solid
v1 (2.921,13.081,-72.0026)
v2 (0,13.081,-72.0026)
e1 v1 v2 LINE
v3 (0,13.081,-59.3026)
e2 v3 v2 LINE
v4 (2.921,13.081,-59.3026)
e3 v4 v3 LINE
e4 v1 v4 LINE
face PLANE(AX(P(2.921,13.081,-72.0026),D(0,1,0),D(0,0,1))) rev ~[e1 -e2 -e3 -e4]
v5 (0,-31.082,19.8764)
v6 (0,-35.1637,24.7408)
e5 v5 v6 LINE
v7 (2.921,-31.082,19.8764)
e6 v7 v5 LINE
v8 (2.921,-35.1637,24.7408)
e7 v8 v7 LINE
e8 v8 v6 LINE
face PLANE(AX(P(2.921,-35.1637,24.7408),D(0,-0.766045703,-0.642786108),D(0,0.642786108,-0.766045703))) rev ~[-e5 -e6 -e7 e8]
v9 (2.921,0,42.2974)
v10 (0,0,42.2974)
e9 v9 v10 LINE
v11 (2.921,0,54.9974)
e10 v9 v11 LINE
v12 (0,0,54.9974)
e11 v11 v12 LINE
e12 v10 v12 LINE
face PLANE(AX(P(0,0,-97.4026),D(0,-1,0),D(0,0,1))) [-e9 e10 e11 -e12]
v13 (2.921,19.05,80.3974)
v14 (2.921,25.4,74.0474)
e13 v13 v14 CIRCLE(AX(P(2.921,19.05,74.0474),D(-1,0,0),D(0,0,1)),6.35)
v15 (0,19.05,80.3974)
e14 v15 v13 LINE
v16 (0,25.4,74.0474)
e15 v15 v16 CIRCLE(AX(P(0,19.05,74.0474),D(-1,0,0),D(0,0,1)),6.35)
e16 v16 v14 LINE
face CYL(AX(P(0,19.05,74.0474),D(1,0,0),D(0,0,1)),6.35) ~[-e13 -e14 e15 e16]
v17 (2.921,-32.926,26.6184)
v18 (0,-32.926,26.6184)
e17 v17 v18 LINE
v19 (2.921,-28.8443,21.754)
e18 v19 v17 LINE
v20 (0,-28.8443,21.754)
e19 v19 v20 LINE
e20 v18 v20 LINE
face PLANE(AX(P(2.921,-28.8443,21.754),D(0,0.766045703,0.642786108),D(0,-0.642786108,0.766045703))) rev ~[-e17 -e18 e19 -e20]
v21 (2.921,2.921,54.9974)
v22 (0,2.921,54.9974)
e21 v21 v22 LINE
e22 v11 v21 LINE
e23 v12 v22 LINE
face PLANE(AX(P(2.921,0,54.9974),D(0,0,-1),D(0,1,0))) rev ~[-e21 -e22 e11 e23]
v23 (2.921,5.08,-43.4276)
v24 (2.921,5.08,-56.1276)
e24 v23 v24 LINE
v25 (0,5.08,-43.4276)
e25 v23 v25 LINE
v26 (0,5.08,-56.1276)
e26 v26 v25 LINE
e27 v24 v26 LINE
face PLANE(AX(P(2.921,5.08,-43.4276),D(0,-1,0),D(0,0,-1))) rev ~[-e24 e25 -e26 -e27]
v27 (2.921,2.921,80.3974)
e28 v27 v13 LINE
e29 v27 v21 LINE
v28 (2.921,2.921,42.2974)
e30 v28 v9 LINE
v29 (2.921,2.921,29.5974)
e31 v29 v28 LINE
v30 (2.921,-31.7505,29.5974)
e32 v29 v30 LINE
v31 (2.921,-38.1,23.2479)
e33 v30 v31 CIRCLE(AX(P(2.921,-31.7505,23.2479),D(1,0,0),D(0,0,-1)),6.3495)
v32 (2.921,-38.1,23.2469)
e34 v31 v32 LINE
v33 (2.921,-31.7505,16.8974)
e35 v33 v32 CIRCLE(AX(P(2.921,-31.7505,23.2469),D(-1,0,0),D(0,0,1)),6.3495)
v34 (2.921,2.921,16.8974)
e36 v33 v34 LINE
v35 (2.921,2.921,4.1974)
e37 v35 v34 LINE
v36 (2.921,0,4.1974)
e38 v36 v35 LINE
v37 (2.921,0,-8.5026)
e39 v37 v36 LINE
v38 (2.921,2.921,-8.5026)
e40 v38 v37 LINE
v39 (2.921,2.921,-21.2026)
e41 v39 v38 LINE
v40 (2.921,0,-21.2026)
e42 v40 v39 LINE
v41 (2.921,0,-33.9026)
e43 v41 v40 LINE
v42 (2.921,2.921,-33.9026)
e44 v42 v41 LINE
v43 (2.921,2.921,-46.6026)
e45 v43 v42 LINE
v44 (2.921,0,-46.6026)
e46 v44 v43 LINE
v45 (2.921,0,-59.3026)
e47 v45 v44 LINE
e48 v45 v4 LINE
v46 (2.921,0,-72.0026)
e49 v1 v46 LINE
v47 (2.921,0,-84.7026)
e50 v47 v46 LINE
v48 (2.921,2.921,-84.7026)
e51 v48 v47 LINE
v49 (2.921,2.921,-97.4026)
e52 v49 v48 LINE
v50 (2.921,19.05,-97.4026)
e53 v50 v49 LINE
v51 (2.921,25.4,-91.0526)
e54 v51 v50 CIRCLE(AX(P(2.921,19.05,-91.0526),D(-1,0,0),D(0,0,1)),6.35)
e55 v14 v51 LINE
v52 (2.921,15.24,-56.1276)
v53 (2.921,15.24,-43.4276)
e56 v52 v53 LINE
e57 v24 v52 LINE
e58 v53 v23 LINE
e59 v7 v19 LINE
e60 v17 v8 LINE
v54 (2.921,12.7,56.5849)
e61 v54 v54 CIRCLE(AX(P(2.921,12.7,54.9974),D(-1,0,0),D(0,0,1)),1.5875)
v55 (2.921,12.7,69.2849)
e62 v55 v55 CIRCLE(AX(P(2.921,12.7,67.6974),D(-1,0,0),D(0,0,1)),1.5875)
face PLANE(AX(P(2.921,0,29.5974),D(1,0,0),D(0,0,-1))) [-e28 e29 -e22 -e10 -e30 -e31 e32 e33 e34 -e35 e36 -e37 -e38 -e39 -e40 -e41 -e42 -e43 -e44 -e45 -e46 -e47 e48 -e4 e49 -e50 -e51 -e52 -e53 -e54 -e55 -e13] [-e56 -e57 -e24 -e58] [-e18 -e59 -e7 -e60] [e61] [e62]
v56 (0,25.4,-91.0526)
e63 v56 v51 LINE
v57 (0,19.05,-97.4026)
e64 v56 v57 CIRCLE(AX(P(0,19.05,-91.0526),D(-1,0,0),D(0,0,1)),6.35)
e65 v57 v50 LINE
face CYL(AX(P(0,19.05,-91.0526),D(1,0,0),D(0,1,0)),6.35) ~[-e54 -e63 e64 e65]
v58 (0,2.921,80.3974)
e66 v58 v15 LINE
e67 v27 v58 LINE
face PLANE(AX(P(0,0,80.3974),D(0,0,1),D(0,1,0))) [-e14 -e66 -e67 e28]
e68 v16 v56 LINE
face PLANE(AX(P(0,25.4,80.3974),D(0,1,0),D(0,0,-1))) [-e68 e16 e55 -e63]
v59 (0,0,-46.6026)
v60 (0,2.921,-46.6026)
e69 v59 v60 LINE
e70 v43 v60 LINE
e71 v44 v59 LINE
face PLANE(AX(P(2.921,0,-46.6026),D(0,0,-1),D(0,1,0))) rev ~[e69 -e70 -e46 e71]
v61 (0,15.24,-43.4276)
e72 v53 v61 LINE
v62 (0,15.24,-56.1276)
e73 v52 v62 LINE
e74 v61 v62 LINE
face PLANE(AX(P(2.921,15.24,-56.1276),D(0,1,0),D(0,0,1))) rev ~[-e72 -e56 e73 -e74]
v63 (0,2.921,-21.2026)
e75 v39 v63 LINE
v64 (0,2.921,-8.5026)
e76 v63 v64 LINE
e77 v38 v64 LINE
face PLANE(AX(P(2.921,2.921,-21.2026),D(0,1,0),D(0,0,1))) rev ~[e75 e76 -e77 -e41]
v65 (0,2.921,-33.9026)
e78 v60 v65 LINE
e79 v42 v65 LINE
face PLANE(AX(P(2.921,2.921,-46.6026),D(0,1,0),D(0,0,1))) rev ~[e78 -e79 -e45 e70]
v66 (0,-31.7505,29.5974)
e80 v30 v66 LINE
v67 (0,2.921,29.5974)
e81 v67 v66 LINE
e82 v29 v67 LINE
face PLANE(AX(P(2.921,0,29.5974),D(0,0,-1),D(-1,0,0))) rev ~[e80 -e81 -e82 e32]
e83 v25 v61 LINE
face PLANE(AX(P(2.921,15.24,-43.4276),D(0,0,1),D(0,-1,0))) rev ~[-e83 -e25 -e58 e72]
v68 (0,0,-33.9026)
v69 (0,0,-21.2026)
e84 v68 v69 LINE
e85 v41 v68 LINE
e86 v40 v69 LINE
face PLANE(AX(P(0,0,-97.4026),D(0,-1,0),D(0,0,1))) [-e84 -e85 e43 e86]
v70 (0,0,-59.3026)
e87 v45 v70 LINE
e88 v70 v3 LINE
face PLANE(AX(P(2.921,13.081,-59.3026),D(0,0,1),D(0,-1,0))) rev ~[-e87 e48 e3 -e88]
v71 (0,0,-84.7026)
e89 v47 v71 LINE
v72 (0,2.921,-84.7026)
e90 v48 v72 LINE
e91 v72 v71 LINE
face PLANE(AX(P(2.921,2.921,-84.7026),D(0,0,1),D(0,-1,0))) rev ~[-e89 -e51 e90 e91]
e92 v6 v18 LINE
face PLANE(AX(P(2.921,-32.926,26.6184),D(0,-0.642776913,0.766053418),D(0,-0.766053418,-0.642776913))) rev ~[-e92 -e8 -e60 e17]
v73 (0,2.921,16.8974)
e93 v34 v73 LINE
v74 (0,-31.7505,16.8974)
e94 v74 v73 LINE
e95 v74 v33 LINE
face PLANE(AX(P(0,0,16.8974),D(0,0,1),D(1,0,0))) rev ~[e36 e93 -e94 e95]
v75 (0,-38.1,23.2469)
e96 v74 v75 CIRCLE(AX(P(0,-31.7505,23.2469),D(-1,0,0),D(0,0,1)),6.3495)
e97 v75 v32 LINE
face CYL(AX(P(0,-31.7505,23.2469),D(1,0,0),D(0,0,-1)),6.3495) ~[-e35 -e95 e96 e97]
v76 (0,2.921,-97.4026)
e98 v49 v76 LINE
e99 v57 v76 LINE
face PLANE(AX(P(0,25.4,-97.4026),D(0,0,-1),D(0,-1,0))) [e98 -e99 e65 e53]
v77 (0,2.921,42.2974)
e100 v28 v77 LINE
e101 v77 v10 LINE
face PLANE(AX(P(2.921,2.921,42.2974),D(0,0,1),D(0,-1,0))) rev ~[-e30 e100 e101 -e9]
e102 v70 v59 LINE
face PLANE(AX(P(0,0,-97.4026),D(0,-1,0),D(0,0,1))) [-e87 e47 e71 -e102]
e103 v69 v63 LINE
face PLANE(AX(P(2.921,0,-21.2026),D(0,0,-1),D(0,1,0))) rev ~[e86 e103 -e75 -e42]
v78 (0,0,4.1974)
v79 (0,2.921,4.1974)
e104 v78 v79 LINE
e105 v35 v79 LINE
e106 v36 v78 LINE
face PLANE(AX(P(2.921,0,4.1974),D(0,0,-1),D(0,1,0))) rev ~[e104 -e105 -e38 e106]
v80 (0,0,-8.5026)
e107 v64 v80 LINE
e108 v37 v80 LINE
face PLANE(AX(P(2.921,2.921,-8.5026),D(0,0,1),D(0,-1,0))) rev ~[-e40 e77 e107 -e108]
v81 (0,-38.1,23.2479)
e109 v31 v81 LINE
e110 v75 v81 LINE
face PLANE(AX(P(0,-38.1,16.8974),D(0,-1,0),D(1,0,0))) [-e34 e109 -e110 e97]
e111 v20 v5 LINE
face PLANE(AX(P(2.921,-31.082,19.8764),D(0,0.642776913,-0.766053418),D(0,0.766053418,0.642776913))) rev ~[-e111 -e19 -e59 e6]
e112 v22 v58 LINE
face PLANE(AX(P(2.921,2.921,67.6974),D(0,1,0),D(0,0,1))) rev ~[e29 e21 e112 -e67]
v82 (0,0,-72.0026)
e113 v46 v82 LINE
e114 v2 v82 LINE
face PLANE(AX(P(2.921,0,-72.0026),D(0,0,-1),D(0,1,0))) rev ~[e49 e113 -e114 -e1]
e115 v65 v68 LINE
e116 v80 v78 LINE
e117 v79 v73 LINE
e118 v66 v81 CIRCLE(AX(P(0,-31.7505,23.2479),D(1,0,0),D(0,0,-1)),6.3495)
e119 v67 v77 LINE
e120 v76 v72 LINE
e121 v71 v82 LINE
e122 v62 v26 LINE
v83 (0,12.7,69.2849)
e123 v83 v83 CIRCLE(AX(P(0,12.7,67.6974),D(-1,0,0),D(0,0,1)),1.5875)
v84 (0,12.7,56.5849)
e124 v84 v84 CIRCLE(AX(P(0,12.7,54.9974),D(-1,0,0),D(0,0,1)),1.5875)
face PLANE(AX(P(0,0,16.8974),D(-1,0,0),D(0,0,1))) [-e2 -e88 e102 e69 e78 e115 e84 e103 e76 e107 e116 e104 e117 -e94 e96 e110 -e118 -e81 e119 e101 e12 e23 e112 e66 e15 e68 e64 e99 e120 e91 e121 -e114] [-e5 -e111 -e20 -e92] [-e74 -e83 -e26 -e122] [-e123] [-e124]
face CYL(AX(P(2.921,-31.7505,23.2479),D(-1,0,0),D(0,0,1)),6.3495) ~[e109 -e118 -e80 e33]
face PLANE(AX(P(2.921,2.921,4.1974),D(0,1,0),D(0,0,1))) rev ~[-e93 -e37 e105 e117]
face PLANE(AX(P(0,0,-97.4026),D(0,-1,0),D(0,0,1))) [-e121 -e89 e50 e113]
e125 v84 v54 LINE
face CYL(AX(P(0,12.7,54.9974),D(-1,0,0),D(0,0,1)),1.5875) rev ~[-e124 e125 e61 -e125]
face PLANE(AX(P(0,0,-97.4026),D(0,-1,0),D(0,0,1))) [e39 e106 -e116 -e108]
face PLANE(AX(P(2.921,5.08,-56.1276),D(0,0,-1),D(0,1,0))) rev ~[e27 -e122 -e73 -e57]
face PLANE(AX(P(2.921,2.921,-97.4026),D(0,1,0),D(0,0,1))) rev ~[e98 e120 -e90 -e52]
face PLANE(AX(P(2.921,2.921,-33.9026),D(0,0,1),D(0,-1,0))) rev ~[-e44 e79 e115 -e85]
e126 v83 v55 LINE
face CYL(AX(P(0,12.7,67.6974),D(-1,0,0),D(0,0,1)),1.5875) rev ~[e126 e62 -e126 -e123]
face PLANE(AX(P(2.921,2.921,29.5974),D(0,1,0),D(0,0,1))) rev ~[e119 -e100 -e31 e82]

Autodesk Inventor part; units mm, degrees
ref_plane "YZ Plane" through (0, 0, 0) normal (1, 0, 0) x (0, 1, 0)
ref_plane "XZ Plane" through (0, 0, 0) normal (0, 1, 0) x (-1, 0, 0)
ref_plane "XY Plane" through (0, 0, 0) normal (0, 0, 1) x (1, 0, 0)
sketch "Sketch1" plane through (0, 0, 0) normal (1, 0, 0) x (0, 1, 0)
  line L0 (0, 80.3974) -> (25.4, 80.3974)
  line L1 (25.4, 80.3974) -> (25.4, -97.4026)
  line L2 (25.4, -97.4026) -> (0, -97.4026)
  line L3 (0, -97.4026) -> (0, 80.3974)
  point P0 (0, 0)
  dimension "d0" = 177.8
  dimension "d1" = 25.4
  dimension "d2" = 0
extrude "Extrusion1" add sketch "Sketch1" along normal blind 2.921
sketch "Sketch2" plane through (2.921, 0, 0) normal (1, 0, 0) x (0, 0, -1)
  line L0 (-80.3974, 0) -> (97.4026, 0) projected
  line L1 (-67.6974, 0) -> (-54.9974, 0)
  line L2 (-54.9974, 0) -> (-54.9974, 2.921)
  line L3 (-54.9974, 2.921) -> (-67.6974, 2.921)
  line L4 (-67.6974, 2.921) -> (-67.6974, 0)
  line L5 (-80.3974, 25.4) -> (-80.3974, 0) projected
  line L6 (-42.2974, 0) -> (-29.5974, 0)
  line L7 (-29.5974, 0) -> (-29.5974, 2.921)
  line L8 (-29.5974, 2.921) -> (-42.2974, 2.921)
  line L9 (-42.2974, 2.921) -> (-42.2974, 0)
  line L10 (-16.8974, 0) -> (-4.1974, 0)
  line L11 (-4.1974, 0) -> (-4.1974, 2.921)
  line L12 (-4.1974, 2.921) -> (-16.8974, 2.921)
  line L13 (-16.8974, 2.921) -> (-16.8974, 0)
  line L14 (8.5026, 0) -> (21.2026, 0)
  line L15 (21.2026, 0) -> (21.2026, 2.921)
  line L16 (21.2026, 2.921) -> (8.5026, 2.921)
  line L17 (8.5026, 2.921) -> (8.5026, 0)
  line L18 (33.9026, 0) -> (46.6026, 0)
  line L19 (46.6026, 0) -> (46.6026, 2.921)
  line L20 (46.6026, 2.921) -> (33.9026, 2.921)
  line L21 (33.9026, 2.921) -> (33.9026, 0)
  line L22 (59.3026, 0) -> (72.0026, 0)
  line L23 (72.0026, 0) -> (72.0026, 2.921)
  line L24 (72.0026, 2.921) -> (59.3026, 2.921)
  line L25 (59.3026, 2.921) -> (59.3026, 0)
  line L26 (84.7026, 0) -> (97.4026, 0)
  line L27 (97.4026, 0) -> (97.4026, 2.921)
  line L28 (97.4026, 2.921) -> (84.7026, 2.921)
  line L29 (84.7026, 2.921) -> (84.7026, 0)
  point P0 (0, 0)
  dimension "d5" = 12.7
  dimension "d6" = 2.921
  dimension "d7" = 12.7
  dimension "d10" = 25.4
extrude "Extrusion2" cut sketch "Sketch2" against normal blind 2.921
sketch "Sketch3" plane through (2.921, 0, 0) normal (1, 0, 0) x (0, 0, -1)
  line L0 (-67.6974, 2.921) -> (-67.6974, 0) projected
  line L1 (-80.3974, 25.4) -> (-80.3974, 0) projected
  line L2 (-67.6974, 2.921) -> (-80.3974, 2.921)
  line L3 (-80.3974, 2.921) -> (-80.3974, 0)
  line L4 (-80.3974, 0) -> (-67.6974, 0)
  line L5 (-67.6974, 0) -> (-67.6974, 2.921)
  point P0 (0, 0)
extrude "Extrusion3" cut sketch "Sketch3" against normal blind 25.4
sketch "Sketch4" plane through (0, 0, 16.8974) normal (0, -1, 0) x (1, 0, 0)
  line L0 (2.921, 12.7) -> (0, 12.7) projected
  line L1 (0, 0) -> (0, 12.7) projected
  line L2 (0, 0) -> (2.921, 0) projected
  line L3 (2.921, 12.7) -> (2.921, 0) projected
  point P0 (0, -16.8974)
extrude "Extrusion4" add sketch "Sketch4" along normal blind 38.1
fillet "Fillet1" radius 6.35 2 edges at (1.4605, -38.1, 29.5974) (1.4605, -38.1, 16.8974)
sketch "Sketch5" plane through (2.921, 0, 0) normal (1, 0, 0) x (0, 0, -1)
  line L0 (-21.754, -28.8443) -> (-26.6184, -32.926)
  line L1 (-26.6184, -32.926) -> (-24.7408, -35.1637)
  line L2 (-24.7408, -35.1637) -> (-19.8764, -31.082)
  line L3 (-19.8764, -31.082) -> (-21.754, -28.8443)
  line L4 (-21.754, -28.8443) -> (-24.7408, -35.1637) construction
  line L5 (-26.6184, -32.926) -> (-19.8764, -31.082) construction
  line L6 (-16.8974, 2.921) -> (-16.8974, -31.75) projected
  line L7 (-16.8974, 2.921) -> (-4.1974, 2.921) projected
  point P0 (0, 0)
  point P1 (-23.2474, -32.004)
  dimension "d22" = 6.35
  dimension "d23" = 2.921
  dimension "d24" = 6.35
  dimension "d25" = 34.925
  dimension "d29" = 40
extrude "Extrusion5" cut sketch "Sketch5" against normal blind 38.1
sketch "Sketch6" plane through (0, 0, 0) normal (-1, 0, 0) x (0, 0, 1)
  circle A0 centre (67.6974, 12.7) radius 1.5875
  circle A1 centre (54.9974, 12.7) radius 1.5875
  line L0 (80.3974, 25.4) -> (-97.4026, 25.4) projected
  line L1 (80.3974, 2.921) -> (80.3974, 25.4) projected
  point P0 (0, 0)
  dimension "d30" = 3.175
  dimension "d31" = 3.175
  dimension "d32" = 12.7
  dimension "d33" = 12.7
  dimension "d34" = 12.7
  dimension "d35" = 12.7
extrude "Extrusion6" cut sketch "Sketch6" against normal blind 38.1
fillet "Fillet2" radius 6.35 2 edges at (1.4605, 25.4, -97.4026) (1.4605, 25.4, 80.3974)
sketch "Sketch7" plane through (2.921, 0, 0) normal (1, 0, 0) x (0, 0, -1)
  line L0 (59.3026, 2.921) -> (72.0026, 2.921)
  line L1 (72.0026, 2.921) -> (72.0026, 13.081)
  line L2 (72.0026, 13.081) -> (59.3026, 13.081)
  line L3 (59.3026, 13.081) -> (59.3026, 2.921)
  point P0 (0, 0)
  dimension "d39" = 12.7
  dimension "d40" = 10.16
extrude "Extrusion7" cut sketch "Sketch7" against normal blind 25.4
sketch "Sketch9" plane through (2.921, 0, 0) normal (1, 0, 0) x (0, 0, -1)
  line L0 (56.1276, 15.24) -> (43.4276, 15.24)
  line L1 (43.4276, 15.24) -> (43.4276, 5.08)
  line L2 (43.4276, 5.08) -> (56.1276, 5.08)
  line L3 (56.1276, 5.08) -> (56.1276, 15.24)
  line L4 (59.3026, 0) -> (59.3026, 13.081) projected
  line L5 (97.4026, 2.921) -> (97.4026, 19.05) projected
  line L6 (46.6026, 0) -> (59.3026, 0) projected
  point P0 (0, 0)
  dimension "d43" = 3.175
  dimension "d44" = 53.975
  dimension "d45" = 10.16
  dimension "d46" = 5.08
extrude "Extrusion8" cut sketch "Sketch9" against normal blind 25.4
properties part number "wall"
